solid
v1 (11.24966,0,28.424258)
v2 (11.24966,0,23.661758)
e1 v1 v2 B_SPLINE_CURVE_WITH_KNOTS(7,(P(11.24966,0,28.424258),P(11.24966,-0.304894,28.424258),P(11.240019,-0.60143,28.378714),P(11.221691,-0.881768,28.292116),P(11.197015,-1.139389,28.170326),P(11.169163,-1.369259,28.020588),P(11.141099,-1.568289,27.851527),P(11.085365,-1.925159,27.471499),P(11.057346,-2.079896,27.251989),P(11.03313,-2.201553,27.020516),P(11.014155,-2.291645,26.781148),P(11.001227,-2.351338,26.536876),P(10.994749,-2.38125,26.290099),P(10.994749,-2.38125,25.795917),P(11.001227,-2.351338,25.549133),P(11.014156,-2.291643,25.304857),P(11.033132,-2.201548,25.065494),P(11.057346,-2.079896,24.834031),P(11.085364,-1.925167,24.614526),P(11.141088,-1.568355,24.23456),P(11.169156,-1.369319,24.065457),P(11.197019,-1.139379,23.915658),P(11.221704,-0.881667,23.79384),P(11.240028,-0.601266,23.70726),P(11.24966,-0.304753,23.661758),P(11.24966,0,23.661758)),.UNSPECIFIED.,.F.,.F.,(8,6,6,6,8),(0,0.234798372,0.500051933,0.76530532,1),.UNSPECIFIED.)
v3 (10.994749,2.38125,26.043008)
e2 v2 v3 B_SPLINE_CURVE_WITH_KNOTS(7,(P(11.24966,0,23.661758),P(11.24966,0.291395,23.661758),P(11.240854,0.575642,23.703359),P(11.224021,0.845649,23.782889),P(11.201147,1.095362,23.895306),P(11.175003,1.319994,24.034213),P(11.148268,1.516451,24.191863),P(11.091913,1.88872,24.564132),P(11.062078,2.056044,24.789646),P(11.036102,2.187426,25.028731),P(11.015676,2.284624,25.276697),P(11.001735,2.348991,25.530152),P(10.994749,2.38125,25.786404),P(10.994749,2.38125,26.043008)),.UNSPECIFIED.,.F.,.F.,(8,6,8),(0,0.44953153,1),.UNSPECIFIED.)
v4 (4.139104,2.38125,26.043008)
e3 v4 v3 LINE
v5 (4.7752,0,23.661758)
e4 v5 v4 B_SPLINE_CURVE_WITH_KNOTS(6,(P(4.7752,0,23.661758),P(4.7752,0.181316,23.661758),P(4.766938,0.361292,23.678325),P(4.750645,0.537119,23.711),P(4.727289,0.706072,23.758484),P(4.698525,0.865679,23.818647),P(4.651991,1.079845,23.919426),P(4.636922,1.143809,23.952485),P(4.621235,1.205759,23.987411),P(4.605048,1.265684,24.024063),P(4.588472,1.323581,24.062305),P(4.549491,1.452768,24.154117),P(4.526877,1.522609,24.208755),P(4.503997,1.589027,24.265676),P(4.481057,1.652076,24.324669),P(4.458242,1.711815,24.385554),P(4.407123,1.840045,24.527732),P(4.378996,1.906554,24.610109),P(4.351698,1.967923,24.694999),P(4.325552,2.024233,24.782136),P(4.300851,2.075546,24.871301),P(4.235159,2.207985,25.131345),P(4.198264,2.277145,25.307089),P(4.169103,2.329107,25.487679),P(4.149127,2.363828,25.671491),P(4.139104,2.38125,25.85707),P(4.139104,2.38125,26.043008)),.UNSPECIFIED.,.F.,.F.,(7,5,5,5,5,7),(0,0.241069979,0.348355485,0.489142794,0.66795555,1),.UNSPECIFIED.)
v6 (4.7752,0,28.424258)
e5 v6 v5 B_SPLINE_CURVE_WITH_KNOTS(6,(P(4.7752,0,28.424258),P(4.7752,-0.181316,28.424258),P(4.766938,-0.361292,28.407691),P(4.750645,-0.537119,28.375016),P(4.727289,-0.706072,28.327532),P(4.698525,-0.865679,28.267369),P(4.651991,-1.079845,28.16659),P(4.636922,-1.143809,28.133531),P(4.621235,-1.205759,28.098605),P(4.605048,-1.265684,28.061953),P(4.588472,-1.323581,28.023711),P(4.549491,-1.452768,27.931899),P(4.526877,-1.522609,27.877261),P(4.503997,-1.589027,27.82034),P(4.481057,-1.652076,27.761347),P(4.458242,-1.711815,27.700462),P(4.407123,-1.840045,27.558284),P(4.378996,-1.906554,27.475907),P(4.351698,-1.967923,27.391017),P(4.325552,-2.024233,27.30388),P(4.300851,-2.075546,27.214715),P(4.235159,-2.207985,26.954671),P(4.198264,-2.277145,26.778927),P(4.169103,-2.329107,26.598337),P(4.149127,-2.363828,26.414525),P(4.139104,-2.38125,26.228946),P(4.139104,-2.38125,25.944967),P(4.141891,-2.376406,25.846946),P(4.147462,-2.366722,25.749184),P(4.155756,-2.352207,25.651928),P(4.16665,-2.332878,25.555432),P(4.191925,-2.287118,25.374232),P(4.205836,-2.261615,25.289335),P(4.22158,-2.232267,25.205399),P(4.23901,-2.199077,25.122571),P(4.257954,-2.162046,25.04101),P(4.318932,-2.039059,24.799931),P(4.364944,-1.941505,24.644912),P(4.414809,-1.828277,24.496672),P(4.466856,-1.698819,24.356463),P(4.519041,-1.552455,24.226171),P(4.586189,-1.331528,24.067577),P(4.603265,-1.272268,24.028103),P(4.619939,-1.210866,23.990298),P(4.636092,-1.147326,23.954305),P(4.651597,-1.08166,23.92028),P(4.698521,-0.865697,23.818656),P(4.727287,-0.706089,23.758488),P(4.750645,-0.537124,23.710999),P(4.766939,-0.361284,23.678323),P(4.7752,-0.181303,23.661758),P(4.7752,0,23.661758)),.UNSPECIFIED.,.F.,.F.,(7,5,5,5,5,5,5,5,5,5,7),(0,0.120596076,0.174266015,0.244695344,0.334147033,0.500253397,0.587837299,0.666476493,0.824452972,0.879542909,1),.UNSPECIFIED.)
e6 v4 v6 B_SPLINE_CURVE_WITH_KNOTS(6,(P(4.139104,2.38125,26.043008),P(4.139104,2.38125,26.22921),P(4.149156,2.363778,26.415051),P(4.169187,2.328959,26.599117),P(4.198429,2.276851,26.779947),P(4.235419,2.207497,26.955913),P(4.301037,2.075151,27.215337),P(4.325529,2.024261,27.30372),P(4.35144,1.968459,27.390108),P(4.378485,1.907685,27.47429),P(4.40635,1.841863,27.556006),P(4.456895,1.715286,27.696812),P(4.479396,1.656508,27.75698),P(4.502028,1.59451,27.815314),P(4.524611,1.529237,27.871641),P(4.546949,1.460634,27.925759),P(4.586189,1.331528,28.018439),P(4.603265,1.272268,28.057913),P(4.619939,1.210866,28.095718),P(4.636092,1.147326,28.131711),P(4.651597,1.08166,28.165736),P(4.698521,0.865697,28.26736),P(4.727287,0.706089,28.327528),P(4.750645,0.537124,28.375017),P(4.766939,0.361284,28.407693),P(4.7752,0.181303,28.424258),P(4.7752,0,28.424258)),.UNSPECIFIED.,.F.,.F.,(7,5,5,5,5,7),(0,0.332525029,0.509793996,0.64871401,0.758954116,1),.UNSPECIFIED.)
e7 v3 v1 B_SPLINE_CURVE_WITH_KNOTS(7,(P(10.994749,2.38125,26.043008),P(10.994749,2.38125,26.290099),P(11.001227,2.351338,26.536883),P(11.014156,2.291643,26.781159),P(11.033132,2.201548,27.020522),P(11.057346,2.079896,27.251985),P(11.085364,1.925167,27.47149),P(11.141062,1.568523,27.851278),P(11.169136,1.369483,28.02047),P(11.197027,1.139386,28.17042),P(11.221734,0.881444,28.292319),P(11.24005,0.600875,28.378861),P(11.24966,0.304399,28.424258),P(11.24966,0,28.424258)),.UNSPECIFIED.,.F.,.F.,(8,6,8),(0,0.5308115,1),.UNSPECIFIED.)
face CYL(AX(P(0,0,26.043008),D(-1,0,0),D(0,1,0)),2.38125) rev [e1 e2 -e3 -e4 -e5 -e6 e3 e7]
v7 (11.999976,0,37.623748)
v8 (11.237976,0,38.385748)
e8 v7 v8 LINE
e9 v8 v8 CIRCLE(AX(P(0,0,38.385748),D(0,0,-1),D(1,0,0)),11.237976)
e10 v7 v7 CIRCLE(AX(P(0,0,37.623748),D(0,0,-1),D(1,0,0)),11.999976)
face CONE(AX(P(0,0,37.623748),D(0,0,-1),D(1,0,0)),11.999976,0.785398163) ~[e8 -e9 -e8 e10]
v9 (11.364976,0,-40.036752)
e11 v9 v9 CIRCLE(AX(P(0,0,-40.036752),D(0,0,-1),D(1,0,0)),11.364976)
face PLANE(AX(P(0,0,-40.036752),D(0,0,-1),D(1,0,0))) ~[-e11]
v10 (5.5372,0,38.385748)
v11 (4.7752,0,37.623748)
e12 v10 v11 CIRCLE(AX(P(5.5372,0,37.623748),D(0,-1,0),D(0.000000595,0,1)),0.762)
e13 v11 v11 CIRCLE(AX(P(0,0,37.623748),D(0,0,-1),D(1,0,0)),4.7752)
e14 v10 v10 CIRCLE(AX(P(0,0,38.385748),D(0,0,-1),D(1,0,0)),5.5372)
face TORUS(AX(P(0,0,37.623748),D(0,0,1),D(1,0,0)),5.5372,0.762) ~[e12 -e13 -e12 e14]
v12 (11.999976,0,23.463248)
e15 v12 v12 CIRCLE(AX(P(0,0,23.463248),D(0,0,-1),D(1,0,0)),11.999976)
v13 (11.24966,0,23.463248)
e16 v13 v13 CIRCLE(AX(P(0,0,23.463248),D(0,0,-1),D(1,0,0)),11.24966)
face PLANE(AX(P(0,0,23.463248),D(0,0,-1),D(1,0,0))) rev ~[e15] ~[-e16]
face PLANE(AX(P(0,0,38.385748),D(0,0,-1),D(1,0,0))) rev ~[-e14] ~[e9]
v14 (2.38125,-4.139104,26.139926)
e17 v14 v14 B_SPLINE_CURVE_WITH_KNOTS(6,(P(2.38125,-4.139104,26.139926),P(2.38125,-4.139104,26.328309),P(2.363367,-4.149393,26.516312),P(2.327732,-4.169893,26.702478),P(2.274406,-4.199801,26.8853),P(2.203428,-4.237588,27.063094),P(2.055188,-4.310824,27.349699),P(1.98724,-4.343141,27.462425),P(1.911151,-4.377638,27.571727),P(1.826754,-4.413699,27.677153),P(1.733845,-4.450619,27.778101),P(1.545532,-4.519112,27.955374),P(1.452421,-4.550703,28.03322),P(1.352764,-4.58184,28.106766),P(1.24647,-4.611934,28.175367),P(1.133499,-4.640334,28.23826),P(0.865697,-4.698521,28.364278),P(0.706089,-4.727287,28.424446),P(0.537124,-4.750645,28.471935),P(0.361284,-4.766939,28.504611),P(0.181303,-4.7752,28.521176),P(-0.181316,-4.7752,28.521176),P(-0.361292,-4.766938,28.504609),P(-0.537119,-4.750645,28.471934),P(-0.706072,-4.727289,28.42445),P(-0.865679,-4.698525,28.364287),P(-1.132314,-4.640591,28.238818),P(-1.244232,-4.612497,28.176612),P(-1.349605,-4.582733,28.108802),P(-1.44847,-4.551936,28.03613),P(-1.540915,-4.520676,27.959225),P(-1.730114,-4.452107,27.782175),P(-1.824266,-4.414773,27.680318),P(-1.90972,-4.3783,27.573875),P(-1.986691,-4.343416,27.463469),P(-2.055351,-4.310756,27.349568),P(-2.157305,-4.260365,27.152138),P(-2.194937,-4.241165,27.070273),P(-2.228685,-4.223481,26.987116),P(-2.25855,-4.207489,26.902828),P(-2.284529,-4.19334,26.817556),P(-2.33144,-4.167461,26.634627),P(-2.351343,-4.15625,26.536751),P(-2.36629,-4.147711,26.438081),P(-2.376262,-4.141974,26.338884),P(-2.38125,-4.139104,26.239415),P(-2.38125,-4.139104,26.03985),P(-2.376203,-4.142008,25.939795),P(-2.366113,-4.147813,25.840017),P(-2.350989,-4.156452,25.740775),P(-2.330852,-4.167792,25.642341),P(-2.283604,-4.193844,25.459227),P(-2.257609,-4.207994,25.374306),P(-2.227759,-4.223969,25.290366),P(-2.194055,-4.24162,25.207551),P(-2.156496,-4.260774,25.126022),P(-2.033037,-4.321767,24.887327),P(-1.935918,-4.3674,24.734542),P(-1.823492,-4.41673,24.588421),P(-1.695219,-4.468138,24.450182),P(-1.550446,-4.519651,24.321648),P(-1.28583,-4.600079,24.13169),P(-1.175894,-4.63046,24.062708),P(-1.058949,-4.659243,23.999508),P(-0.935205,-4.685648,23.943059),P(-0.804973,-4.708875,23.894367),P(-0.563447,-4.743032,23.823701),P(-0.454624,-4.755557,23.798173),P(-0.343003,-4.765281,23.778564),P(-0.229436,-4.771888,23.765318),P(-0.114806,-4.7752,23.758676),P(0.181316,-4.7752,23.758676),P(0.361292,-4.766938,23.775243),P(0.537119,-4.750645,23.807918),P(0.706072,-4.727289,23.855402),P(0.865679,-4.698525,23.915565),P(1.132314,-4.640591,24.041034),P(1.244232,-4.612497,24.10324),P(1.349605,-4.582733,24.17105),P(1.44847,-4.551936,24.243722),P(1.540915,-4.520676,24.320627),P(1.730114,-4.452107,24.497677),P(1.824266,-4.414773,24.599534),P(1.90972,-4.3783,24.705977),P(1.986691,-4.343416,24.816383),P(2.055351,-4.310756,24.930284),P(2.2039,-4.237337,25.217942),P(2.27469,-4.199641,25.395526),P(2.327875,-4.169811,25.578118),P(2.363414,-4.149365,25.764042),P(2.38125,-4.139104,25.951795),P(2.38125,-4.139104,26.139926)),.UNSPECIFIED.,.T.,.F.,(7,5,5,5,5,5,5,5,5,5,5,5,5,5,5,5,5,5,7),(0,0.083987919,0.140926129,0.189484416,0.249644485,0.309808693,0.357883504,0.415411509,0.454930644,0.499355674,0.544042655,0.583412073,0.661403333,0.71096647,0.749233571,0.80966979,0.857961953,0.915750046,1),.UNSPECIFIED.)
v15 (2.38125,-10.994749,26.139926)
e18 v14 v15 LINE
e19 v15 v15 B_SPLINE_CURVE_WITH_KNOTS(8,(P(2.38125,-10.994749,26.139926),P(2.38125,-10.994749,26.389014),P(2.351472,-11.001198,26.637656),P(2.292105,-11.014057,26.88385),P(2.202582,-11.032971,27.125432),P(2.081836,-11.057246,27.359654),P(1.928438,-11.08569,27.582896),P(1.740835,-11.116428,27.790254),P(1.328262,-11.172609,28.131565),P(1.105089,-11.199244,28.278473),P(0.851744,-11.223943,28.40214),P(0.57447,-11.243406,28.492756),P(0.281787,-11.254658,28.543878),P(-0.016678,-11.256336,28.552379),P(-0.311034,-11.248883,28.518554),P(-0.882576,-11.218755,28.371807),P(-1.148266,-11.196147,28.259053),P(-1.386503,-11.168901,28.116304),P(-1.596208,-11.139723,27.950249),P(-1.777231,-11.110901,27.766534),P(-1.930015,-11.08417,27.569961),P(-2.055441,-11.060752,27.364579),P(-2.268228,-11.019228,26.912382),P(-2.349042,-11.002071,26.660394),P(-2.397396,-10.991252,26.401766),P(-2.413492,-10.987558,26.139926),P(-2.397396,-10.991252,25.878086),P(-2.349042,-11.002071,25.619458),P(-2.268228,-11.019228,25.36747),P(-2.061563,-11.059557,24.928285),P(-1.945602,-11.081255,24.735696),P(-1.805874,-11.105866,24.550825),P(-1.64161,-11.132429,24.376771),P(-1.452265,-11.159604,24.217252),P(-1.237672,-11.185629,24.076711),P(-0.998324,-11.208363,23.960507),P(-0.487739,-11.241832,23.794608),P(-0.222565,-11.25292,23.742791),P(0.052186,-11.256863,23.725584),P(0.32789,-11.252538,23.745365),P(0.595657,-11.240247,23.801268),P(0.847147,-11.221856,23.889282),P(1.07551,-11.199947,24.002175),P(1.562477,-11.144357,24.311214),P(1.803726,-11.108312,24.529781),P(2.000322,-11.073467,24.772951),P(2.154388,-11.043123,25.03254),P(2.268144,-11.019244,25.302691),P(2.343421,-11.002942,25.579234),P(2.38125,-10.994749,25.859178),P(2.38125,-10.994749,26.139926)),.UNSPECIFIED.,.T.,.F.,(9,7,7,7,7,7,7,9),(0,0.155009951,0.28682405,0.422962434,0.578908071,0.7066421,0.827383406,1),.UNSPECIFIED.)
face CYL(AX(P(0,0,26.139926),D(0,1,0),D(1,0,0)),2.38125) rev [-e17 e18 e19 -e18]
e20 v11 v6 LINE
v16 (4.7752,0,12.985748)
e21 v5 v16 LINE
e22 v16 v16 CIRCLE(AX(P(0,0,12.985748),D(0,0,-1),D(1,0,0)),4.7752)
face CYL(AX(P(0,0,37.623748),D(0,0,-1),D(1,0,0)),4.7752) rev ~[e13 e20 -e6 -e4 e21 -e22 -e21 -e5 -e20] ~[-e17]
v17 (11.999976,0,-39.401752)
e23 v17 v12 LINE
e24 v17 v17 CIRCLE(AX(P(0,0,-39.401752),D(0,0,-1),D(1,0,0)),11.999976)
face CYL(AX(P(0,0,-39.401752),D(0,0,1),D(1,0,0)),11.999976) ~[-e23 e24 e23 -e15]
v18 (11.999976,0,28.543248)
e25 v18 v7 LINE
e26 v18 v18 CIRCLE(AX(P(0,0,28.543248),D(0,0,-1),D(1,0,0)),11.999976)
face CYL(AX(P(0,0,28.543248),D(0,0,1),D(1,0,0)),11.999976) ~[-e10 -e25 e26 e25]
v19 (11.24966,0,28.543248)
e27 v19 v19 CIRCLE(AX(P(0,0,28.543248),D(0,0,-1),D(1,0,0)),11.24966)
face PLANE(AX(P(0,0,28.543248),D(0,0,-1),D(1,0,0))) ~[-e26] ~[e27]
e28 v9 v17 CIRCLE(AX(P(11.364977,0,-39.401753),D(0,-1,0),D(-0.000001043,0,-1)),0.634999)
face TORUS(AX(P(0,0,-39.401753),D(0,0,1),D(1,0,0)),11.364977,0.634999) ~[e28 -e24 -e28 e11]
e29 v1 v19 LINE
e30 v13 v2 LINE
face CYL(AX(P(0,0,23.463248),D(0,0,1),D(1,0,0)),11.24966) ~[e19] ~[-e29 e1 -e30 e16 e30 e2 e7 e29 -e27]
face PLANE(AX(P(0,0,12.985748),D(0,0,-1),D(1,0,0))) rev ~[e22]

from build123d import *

# Parameters (mm, degrees)
F2_R     = 2.38125
F3_DEPTH = 25.4
F4_R     = 2.38125
F5_DEPTH = 25.4


with BuildPart() as f1:
    # F0 (on Front) → F1 (revolve)
    with BuildSketch(Plane.XZ):
        with BuildLine():
            Line((0, 12.985748), (0, -40.036752))
            Line((0, -40.036752), (11.364976, -40.036752))
            ThreePointArc((11.364976, -40.036752), (11.813989, -39.850765), (11.999976, -39.401752))
            Line((11.999976, -39.401752), (11.999976, 23.463248))
            Line((11.999976, 23.463248), (11.24966, 23.463248))
            Line((11.24966, 23.463248), (11.24966, 28.543248))
            Line((11.24966, 28.543248), (11.999976, 28.543248))
            Line((11.999976, 28.543248), (11.999976, 37.623748))
            Line((11.999976, 37.623748), (11.237976, 38.385748))
            Line((11.237976, 38.385748), (5.5372, 38.385748))
            ThreePointArc((5.5372, 38.385748), (4.998385, 38.162564), (4.7752, 37.623748))
            Line((4.7752, 37.623748), (4.7752, 12.985748))
            Line((4.7752, 12.985748), (0, 12.985748))
        make_face()
    revolve(axis=Axis((0, 0, -13.525502), (0, 0, -1)))

    # F2 (on Front) → F3 (cut)
    with BuildSketch(Plane.XZ):
        with Locations((0, 26.139926)):
            Circle(F2_R)
    extrude(amount=F3_DEPTH, mode=Mode.SUBTRACT)

    # F4 (on Right) → F5 (cut)
    with BuildSketch(Plane.YZ):
        with Locations((0, 26.043008)):
            Circle(F4_R)
    extrude(amount=F5_DEPTH, mode=Mode.SUBTRACT)


solid = f1.part
